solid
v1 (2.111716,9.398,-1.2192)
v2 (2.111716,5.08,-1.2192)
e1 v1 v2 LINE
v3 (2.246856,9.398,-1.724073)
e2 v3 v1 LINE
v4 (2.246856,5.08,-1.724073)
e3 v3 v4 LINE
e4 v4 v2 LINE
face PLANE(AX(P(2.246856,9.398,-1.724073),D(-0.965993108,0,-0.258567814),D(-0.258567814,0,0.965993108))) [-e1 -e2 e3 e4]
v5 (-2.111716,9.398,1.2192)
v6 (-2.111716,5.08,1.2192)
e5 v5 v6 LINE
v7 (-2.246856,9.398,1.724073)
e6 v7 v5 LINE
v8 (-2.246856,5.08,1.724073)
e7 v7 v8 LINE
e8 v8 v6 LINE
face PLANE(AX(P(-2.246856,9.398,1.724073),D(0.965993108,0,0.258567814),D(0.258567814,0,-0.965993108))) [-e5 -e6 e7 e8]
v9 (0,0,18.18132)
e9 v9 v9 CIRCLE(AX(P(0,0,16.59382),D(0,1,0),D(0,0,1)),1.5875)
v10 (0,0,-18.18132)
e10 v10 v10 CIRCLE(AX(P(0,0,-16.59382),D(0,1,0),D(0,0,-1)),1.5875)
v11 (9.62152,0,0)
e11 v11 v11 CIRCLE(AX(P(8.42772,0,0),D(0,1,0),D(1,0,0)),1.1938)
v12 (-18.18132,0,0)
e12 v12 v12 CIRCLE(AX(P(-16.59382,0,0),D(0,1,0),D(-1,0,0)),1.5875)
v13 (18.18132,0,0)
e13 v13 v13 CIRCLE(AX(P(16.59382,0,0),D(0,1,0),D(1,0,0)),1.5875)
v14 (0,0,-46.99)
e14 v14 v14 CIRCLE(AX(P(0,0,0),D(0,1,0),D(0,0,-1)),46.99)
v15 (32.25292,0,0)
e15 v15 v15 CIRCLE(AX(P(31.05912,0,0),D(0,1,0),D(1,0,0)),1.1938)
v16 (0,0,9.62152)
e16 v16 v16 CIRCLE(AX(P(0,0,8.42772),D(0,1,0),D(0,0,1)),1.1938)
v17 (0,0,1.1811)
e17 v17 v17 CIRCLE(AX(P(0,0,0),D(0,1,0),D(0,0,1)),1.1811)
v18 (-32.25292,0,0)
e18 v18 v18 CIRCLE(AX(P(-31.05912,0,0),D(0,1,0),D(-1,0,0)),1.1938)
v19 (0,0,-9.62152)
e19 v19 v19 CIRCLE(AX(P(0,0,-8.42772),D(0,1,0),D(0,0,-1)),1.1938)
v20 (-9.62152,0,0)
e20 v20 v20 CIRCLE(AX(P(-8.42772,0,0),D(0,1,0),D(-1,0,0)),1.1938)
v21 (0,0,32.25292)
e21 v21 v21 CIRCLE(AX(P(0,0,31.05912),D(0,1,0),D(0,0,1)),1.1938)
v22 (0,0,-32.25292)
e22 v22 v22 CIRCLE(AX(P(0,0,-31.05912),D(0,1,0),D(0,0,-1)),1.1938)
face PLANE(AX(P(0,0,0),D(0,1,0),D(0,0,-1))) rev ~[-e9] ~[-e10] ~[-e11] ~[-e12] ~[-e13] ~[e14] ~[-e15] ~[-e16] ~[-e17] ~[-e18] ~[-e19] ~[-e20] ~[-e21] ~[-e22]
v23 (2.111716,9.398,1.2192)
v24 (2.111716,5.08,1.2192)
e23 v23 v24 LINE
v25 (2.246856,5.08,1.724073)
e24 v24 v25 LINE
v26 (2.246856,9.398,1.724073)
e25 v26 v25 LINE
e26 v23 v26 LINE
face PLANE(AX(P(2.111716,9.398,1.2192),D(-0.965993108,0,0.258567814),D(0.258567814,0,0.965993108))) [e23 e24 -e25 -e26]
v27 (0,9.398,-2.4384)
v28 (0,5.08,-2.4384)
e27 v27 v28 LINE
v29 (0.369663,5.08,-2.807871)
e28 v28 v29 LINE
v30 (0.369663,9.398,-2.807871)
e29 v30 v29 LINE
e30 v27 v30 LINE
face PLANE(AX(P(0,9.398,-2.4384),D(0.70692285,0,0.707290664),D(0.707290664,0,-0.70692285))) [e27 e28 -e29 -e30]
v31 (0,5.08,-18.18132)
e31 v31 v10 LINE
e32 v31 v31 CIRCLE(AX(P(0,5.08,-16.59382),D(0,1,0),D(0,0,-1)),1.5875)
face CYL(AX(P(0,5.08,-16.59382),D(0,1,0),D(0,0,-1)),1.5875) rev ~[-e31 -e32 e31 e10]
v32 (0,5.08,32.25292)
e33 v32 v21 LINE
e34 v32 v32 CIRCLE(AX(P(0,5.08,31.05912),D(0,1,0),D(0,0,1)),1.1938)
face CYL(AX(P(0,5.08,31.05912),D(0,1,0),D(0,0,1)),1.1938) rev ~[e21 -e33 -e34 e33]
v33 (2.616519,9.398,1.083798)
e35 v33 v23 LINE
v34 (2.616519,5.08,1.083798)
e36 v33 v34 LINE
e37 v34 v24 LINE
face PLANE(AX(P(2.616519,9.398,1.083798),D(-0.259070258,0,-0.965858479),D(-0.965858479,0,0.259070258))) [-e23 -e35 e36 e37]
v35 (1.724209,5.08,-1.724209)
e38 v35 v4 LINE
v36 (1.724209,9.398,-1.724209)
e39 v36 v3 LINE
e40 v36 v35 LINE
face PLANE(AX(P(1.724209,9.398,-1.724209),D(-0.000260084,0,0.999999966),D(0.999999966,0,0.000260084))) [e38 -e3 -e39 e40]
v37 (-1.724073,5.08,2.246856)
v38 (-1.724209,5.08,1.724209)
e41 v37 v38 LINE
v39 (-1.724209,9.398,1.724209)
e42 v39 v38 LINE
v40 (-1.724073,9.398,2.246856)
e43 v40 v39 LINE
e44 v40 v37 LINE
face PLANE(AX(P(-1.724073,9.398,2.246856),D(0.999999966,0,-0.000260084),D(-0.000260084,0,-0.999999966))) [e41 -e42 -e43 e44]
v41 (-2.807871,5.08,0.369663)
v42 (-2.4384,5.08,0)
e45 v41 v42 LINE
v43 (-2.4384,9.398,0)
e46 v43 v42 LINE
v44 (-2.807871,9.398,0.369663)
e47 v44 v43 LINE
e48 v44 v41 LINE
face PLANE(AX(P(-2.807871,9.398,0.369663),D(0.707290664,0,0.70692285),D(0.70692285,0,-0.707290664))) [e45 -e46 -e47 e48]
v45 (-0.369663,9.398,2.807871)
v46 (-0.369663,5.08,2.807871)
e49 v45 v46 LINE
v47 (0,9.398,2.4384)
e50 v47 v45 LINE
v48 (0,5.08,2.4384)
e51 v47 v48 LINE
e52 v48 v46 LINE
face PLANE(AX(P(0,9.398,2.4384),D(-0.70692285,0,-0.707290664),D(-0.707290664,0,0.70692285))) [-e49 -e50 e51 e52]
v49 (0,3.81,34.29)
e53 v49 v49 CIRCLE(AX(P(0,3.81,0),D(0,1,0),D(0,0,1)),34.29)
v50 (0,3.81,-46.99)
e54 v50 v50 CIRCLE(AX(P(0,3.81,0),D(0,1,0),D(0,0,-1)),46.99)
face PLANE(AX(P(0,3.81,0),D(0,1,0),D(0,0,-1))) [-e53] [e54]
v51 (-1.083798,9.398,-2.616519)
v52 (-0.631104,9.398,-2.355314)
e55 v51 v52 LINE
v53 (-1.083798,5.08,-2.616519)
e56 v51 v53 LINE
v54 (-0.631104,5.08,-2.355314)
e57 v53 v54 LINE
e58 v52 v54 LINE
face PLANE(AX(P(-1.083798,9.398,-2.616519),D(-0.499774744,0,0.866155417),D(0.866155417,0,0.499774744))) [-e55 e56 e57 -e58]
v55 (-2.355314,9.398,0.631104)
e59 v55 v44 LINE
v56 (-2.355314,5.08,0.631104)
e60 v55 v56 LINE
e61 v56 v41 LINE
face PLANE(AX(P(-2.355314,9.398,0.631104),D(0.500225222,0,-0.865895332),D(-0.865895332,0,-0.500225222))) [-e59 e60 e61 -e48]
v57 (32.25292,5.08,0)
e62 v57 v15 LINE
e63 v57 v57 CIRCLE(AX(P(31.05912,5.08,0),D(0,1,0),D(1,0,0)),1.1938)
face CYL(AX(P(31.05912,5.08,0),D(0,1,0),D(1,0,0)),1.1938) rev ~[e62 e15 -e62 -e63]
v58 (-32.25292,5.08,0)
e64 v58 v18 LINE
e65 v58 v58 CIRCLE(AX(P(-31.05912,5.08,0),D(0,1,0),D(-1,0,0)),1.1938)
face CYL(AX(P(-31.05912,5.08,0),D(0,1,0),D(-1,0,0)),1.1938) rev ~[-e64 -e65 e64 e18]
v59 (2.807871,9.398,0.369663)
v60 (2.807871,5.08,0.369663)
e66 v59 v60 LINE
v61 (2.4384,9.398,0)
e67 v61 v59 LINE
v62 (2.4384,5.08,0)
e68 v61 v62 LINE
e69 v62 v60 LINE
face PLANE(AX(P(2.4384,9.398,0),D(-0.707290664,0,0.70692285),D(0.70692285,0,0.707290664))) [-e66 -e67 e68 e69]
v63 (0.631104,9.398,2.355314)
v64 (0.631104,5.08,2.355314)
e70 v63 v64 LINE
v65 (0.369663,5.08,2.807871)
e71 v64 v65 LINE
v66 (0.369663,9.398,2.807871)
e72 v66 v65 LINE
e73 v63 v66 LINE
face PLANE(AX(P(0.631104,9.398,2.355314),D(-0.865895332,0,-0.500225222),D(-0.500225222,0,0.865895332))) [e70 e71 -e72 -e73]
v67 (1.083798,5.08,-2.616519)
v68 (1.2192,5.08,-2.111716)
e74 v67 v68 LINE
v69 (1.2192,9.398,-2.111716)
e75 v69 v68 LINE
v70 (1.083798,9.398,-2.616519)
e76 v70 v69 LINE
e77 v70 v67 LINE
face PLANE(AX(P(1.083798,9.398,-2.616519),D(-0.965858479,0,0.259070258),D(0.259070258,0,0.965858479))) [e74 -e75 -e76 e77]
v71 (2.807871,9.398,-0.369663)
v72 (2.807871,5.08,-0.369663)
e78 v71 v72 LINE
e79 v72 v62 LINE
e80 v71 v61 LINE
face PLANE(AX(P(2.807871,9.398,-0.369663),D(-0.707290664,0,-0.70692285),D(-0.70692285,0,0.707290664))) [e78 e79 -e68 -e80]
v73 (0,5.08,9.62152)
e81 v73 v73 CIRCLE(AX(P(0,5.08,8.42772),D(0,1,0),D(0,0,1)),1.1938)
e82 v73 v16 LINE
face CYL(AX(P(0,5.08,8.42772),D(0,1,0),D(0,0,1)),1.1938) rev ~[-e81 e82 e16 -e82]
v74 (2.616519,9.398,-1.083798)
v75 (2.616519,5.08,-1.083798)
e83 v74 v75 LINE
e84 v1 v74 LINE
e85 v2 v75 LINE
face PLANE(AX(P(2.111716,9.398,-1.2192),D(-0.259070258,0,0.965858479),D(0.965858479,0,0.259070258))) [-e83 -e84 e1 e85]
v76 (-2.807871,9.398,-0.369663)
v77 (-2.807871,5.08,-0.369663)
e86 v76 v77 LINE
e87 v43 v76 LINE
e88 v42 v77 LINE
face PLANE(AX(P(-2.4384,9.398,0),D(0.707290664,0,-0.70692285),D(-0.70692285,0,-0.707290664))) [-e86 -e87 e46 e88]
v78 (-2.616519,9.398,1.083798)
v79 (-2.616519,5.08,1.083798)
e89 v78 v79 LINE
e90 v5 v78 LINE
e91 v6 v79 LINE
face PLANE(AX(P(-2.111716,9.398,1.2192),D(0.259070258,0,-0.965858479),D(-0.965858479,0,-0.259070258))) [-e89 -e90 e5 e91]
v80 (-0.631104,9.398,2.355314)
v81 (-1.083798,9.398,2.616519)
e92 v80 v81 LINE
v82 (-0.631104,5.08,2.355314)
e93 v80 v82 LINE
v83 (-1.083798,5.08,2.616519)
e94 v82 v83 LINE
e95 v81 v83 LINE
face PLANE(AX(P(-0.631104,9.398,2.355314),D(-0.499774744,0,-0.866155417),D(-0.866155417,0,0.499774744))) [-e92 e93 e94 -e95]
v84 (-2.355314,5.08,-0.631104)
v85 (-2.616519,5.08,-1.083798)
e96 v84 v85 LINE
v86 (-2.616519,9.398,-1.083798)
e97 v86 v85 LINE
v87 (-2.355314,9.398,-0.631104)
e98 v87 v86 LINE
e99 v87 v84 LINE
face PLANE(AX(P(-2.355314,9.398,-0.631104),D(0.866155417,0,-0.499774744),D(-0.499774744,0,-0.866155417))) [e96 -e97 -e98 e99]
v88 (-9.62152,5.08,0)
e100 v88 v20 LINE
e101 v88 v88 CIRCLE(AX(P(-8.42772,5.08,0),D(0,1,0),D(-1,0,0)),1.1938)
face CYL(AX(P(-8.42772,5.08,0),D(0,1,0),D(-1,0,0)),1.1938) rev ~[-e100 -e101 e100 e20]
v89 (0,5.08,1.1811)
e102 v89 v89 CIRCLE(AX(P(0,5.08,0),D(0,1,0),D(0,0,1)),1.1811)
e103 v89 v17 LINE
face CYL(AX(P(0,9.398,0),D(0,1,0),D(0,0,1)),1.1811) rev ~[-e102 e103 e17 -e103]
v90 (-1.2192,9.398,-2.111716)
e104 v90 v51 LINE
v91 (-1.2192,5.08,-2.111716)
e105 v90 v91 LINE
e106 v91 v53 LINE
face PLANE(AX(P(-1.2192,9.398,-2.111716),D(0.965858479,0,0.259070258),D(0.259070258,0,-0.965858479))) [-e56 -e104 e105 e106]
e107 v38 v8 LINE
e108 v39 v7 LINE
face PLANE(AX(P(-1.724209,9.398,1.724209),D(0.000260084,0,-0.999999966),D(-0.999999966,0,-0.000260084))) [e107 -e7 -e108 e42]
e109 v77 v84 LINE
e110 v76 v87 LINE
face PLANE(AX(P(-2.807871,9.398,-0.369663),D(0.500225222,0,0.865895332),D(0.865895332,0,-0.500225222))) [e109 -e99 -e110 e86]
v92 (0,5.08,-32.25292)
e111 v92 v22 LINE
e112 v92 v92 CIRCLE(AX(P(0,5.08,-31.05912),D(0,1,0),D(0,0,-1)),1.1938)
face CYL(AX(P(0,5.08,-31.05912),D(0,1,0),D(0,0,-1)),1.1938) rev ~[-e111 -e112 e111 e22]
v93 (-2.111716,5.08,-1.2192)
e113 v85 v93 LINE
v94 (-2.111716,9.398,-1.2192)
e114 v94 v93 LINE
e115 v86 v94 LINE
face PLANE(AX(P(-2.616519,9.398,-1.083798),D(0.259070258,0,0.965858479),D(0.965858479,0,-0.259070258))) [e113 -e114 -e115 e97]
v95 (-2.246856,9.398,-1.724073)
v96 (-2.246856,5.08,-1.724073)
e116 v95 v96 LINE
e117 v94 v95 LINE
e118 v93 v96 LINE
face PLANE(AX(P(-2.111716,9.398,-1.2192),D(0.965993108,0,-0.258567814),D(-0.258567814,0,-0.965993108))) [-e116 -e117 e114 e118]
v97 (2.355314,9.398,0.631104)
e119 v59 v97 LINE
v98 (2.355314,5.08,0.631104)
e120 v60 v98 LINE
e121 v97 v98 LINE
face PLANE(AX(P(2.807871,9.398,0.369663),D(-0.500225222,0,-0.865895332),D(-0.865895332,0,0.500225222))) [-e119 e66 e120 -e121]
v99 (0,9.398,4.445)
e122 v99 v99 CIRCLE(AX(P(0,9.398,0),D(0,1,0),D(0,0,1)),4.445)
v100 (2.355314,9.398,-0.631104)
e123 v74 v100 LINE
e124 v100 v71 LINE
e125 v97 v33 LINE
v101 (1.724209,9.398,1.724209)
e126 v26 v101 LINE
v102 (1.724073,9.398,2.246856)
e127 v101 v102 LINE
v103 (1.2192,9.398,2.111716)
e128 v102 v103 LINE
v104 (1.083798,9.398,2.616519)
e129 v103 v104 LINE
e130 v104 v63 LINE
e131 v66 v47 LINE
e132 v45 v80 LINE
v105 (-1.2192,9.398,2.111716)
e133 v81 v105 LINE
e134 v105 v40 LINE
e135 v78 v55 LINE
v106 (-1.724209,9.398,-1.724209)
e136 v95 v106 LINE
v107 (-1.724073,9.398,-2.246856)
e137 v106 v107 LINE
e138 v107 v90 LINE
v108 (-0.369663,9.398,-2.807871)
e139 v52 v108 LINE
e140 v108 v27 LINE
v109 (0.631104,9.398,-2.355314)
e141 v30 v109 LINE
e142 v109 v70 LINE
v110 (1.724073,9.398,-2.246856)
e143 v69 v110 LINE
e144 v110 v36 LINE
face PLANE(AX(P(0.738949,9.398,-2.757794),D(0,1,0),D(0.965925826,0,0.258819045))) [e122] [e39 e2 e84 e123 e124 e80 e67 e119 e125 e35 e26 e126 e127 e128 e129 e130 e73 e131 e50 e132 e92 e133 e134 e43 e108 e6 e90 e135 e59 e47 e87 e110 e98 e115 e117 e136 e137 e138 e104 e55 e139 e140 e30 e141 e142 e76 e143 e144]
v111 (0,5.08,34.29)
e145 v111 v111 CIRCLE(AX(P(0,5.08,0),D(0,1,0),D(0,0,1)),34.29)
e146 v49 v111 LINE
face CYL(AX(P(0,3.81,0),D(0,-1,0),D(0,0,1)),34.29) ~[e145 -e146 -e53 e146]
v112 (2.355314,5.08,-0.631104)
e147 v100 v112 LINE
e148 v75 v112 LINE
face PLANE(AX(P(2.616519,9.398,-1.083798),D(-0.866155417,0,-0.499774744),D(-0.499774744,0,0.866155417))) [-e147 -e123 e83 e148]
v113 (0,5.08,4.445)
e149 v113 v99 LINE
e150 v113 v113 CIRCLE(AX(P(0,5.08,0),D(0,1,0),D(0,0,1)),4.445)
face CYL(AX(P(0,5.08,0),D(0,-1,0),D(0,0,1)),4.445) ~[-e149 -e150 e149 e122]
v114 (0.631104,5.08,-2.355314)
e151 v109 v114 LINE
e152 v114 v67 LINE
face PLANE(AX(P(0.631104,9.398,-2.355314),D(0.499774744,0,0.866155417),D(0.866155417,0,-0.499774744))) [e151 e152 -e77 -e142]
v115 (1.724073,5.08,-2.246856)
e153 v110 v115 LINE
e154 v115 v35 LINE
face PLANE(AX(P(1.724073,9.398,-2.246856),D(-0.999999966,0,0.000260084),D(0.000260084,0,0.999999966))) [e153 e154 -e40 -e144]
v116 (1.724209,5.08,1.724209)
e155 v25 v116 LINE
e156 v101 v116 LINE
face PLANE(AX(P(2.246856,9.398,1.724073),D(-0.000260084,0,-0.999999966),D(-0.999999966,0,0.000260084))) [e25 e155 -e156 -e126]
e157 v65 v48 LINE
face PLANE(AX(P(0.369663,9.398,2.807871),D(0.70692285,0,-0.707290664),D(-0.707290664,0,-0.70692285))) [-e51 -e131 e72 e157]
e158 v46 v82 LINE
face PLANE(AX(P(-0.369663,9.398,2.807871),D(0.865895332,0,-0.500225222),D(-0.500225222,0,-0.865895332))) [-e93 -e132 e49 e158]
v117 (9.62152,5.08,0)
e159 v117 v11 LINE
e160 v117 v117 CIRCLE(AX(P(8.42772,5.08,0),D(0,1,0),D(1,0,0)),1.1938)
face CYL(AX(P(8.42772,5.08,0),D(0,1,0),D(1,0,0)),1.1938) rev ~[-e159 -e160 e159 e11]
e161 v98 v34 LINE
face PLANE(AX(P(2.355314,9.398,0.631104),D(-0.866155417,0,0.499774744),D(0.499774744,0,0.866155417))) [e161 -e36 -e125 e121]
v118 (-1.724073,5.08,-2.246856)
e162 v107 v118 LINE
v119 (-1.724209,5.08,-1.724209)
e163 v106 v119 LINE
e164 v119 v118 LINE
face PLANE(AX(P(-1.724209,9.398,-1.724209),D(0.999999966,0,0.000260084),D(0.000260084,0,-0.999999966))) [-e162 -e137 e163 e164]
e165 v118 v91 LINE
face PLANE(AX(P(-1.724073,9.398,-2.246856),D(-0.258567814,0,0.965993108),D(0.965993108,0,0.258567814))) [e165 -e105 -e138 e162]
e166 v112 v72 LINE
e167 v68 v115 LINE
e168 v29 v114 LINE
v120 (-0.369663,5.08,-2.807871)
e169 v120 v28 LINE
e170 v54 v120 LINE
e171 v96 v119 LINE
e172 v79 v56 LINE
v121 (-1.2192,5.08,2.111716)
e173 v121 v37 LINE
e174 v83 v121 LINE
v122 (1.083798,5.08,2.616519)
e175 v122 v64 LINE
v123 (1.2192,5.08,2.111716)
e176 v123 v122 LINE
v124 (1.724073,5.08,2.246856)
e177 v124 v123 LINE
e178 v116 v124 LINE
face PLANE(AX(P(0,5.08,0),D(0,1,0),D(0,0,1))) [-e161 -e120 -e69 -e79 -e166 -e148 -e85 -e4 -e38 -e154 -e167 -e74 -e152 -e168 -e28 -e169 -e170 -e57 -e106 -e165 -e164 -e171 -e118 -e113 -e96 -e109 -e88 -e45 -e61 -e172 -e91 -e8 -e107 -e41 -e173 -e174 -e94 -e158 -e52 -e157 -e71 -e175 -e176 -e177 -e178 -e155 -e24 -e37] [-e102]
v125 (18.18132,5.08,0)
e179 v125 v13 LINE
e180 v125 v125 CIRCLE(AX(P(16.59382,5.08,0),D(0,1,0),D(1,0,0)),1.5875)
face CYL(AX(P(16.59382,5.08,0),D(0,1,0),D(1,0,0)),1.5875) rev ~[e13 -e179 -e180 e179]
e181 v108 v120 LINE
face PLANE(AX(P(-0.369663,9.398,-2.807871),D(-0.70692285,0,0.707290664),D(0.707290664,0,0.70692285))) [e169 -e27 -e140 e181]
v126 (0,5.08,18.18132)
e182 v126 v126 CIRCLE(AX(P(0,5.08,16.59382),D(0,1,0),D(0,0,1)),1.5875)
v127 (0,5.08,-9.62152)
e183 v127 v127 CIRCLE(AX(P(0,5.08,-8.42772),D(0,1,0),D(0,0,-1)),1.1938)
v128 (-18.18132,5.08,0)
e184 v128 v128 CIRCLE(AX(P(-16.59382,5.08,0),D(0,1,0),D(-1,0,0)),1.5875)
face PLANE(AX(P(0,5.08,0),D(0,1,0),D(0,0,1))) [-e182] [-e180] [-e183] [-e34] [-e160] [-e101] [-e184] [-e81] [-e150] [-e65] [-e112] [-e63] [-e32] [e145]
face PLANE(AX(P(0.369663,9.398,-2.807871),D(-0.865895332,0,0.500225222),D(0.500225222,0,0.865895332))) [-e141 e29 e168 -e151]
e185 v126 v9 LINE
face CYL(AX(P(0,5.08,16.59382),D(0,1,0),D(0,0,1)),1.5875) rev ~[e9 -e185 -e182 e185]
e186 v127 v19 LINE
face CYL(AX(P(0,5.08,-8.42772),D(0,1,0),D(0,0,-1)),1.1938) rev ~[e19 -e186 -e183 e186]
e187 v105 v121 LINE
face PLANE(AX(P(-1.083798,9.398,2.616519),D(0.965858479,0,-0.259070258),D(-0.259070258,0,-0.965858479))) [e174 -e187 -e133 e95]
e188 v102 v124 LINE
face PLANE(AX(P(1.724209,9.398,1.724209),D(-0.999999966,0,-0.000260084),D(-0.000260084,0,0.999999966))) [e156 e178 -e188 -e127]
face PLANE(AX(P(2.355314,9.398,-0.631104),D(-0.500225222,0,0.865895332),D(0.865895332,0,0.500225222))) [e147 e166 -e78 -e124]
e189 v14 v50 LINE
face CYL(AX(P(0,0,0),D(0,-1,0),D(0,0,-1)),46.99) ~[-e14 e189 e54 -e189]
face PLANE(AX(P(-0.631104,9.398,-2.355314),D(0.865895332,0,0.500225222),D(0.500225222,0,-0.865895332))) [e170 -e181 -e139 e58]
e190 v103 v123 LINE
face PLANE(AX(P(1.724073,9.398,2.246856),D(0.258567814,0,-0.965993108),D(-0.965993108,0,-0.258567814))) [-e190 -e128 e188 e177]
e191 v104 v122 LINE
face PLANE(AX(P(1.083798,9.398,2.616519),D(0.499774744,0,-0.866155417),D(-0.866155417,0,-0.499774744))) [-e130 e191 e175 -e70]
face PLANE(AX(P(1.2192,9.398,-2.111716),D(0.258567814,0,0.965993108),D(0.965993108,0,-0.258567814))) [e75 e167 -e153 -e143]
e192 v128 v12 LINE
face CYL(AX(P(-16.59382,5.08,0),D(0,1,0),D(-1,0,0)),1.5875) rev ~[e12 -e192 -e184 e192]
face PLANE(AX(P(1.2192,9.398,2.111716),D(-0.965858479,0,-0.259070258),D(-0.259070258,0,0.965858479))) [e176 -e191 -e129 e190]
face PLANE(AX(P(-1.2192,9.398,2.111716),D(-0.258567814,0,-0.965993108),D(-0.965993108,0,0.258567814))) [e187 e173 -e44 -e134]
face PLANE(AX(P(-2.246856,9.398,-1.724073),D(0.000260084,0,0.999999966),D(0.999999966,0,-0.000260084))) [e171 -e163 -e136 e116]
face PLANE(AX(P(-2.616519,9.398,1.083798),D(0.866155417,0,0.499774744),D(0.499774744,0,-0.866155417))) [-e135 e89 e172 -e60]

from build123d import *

# Parameters (mm, degrees)
SKETCH1_R         = 46.99
EXTRUDE1_DEPTH    = 3.81
SKETCH2_R         = 34.29
EXTRUDE2_DEPTH    = 1.27
SKETCH3_R         = 4.445
EXTRUDE3_DEPTH    = 4.318
SKETCH4_R         = 1.1811
EXTRUDE4_DEPTH    = 68.115144371
SKETCH5_R         = 1.1938
SKETCH5_R_2       = 1.5875
EXTRUDE5_DEPTH    = 67.647780158
CIRPATTERN1_COUNT = 4
SKETCH6_R         = 2.8321
EXTRUDE6_DEPTH    = 4.318
EXTRUDE7_DEPTH    = 4.318
CIRPATTERN2_COUNT = 24


with BuildPart() as part:
    # Sketch1 → Extrude1 (new body)
    with BuildSketch(Plane(origin=(0, 0, 0), x_dir=(1, 0, 0), z_dir=(0, 1, 0))):
        with Locations(Location((0, 0, 0), (0, 0, 90))):
            Circle(SKETCH1_R)
    extrude(amount=EXTRUDE1_DEPTH)

    # Sketch2 → Extrude2 (add)
    with BuildSketch(Plane(origin=(0, 3.81, 0), x_dir=(1, 0, 0), z_dir=(0, 1, 0))):
        with Locations(Location((0, 0, 0), (0, 0, 270))):
            Circle(SKETCH2_R)
    extrude(amount=EXTRUDE2_DEPTH)

    # Sketch3 → Extrude3 (add)
    with BuildSketch(Plane(origin=(0, 5.08, 0), x_dir=(1, 0, 0), z_dir=(0, 1, 0))):
        with Locations(Location((0, 0, 0), (0, 0, 270))):
            Circle(SKETCH3_R)
    extrude(amount=EXTRUDE3_DEPTH)

    # Sketch4 → Extrude4 (cut, through all)
    with BuildSketch(Plane(origin=(0, 9.398, 0), x_dir=(1, 0, 0), z_dir=(0, 1, 0))):
        with Locations(Location((0, 0, 0), (0, 0, 270))):
            Circle(SKETCH4_R)
    extrude(amount=-EXTRUDE4_DEPTH, mode=Mode.SUBTRACT)

    # Sketch5 → Extrude5 (cut, through all)
    with BuildSketch(Plane(origin=(0, 5.08, 0), x_dir=(1, 0, 0), z_dir=(0, 1, 0))):
        with Locations(Location((0, -8.42772, 0), (0, 0, 270))):
            Circle(SKETCH5_R)
        with Locations(Location((0, -16.59382, 0), (0, 0, 270))):
            Circle(SKETCH5_R_2)
        with Locations(Location((0, -31.05912, 0), (0, 0, 270))):
            Circle(SKETCH5_R)
    extrude5 = extrude(amount=-EXTRUDE5_DEPTH, mode=Mode.SUBTRACT)

    # CirPattern1: Extrude5 ×4 about axis
    cirpattern1_axis = Axis((0, 0, 0), (0, 1, 0))
    for i in range(1, CIRPATTERN1_COUNT):
        add(extrude5.rotate(cirpattern1_axis, i * 360 / CIRPATTERN1_COUNT), mode=Mode.SUBTRACT)

    # Sketch6 → Extrude6 (cut)
    with BuildSketch(Plane(origin=(0, 9.398, 0), x_dir=(1, 0, 0), z_dir=(0, 1, 0))):
        with Locations(Location((0, 0, 0), (0, 0, 270))):
            Circle(SKETCH6_R)
    extrude(amount=-EXTRUDE6_DEPTH, mode=Mode.SUBTRACT)

    # Sketch7 → Extrude7 (add)
    with BuildSketch(Plane(origin=(0, 9.398, 0), x_dir=(1, 0, 0), z_dir=(0, 1, 0))):
        Polygon((0, 2.4384), (0.369663229, 2.807870992), (0.369663229, 3.102932626), (-0.369663229, 3.102932626), (-0.369663229, 2.807870992), align=None)
    extrude7 = extrude(amount=-EXTRUDE7_DEPTH)

    # CirPattern2: Extrude7 ×24 about axis
    cirpattern2_axis = Axis((0, 0, 0), (0, 1, 0))
    for i in range(1, CIRPATTERN2_COUNT):
        add(extrude7.rotate(cirpattern2_axis, i * 360 / CIRPATTERN2_COUNT))


solid = part.part
